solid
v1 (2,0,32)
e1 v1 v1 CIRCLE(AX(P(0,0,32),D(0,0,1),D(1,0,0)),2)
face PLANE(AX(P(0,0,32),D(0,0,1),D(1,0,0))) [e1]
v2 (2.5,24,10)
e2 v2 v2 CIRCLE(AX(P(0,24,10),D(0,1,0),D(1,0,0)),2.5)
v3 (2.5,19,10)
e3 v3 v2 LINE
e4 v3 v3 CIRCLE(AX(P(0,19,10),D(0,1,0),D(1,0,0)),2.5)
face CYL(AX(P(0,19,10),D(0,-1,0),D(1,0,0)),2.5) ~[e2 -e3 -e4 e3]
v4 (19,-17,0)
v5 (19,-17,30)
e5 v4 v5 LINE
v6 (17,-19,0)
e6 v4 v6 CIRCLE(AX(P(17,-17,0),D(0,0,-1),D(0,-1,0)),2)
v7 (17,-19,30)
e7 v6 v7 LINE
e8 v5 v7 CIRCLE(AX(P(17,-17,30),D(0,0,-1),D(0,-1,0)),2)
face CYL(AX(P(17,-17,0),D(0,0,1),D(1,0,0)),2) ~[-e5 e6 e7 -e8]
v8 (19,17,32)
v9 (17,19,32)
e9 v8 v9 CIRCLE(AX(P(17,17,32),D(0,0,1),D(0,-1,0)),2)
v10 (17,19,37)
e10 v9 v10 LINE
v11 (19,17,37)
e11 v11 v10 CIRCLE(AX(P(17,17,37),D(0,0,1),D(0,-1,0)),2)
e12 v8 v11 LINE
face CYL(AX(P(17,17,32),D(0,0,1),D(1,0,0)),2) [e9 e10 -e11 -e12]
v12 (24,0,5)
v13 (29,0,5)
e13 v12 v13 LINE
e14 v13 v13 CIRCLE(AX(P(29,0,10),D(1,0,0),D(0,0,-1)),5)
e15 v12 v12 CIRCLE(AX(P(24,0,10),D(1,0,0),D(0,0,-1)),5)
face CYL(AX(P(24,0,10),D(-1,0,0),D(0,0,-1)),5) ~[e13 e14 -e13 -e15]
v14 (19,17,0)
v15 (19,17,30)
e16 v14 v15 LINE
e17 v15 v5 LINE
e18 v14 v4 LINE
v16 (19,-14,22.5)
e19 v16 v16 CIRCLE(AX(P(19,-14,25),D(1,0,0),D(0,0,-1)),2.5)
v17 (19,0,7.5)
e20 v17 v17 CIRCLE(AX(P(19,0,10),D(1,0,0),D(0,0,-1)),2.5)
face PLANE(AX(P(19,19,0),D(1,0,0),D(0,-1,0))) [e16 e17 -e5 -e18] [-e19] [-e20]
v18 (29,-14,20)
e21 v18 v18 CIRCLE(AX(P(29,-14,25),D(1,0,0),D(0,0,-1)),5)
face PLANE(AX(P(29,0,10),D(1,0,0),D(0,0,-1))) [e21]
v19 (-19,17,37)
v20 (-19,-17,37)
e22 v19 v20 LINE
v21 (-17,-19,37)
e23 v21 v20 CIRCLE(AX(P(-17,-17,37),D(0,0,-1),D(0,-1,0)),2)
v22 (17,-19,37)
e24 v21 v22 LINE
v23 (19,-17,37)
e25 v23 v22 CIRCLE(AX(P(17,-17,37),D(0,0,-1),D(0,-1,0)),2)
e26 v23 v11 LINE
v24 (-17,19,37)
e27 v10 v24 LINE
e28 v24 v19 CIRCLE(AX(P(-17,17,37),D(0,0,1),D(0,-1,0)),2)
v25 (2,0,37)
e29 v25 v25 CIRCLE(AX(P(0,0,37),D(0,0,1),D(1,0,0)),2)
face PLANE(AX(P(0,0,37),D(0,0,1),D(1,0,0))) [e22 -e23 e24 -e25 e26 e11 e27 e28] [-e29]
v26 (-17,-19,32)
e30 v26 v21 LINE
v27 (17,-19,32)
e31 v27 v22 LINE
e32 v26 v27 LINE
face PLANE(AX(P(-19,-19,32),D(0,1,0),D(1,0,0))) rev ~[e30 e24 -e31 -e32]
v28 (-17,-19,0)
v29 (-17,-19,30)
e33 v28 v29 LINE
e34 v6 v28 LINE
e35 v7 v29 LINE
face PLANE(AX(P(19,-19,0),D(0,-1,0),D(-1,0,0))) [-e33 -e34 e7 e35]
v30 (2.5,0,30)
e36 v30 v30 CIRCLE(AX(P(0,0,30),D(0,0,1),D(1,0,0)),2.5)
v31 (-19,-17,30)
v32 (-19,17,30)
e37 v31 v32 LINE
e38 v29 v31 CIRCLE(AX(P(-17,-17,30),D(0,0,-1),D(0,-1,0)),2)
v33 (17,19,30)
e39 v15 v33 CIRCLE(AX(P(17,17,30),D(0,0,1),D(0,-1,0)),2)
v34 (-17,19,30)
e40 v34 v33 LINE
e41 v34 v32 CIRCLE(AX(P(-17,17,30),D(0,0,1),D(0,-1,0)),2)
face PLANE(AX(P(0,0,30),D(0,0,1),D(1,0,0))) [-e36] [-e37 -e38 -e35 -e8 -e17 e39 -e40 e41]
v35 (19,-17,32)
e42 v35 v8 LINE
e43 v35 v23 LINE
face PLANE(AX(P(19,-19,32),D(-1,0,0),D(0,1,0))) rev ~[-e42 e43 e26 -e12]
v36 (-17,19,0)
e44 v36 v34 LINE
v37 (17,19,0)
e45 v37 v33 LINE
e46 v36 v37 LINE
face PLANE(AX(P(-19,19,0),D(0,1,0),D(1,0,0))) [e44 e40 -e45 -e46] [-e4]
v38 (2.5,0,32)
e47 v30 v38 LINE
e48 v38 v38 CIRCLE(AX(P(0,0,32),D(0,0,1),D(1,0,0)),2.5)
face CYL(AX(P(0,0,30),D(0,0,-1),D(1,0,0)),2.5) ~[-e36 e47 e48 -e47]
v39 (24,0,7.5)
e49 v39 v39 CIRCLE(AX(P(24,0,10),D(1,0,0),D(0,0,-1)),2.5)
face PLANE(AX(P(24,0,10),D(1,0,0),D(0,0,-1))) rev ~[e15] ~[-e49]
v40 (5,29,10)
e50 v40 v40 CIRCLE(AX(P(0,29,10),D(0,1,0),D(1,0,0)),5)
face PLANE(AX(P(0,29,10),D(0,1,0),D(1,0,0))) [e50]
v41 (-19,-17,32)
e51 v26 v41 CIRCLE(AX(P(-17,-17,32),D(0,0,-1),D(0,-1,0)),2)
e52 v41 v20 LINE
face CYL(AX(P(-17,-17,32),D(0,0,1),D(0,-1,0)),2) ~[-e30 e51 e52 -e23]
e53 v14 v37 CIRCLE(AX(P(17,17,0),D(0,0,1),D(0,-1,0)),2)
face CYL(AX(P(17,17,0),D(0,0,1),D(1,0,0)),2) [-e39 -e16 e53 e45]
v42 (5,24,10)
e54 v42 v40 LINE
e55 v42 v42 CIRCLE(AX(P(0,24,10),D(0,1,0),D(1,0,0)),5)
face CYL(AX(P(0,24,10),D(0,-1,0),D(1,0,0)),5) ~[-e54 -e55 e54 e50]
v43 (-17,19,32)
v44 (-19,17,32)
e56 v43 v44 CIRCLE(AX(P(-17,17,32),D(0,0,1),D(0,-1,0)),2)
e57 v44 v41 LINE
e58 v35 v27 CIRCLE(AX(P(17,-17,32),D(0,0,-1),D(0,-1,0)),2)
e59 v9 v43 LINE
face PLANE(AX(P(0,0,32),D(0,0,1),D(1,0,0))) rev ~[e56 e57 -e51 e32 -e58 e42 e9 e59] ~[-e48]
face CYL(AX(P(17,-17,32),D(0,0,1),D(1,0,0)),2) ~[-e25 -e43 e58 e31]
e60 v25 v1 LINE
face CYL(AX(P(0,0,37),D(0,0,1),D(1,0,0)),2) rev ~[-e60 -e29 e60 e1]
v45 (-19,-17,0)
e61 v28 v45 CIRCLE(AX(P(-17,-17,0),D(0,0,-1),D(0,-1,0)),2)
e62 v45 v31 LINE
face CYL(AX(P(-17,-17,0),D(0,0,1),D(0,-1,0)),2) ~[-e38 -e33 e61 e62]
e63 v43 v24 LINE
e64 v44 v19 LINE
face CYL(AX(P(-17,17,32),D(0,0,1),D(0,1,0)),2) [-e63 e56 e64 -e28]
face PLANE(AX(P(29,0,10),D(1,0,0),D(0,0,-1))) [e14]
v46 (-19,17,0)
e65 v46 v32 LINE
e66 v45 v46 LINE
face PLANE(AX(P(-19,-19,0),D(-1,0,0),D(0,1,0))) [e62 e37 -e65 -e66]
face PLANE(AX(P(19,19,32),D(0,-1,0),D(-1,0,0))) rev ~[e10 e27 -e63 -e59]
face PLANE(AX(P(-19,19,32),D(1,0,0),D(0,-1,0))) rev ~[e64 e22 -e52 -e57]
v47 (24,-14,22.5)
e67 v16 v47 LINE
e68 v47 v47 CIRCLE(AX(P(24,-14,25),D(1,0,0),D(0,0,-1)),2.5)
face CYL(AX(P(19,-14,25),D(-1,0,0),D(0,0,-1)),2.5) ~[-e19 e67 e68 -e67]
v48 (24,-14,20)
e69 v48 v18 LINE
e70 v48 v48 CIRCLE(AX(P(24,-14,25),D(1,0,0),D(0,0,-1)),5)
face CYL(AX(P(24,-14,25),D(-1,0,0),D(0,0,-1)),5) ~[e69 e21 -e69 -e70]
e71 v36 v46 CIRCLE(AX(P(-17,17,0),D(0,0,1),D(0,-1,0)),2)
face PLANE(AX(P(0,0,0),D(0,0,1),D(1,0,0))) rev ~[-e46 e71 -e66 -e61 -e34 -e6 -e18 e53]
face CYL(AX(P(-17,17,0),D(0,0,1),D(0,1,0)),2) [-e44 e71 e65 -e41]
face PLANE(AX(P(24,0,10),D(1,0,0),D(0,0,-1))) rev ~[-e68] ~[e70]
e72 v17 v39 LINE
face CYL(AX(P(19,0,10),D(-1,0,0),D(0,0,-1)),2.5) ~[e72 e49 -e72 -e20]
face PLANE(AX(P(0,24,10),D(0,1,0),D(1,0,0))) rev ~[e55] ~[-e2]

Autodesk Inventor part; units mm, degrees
ref_plane "YZ Plane" through (0, 0, 0) normal (1, 0, 0) x (0, 1, 0)
ref_plane "XZ Plane" through (0, 0, 0) normal (0, 1, 0) x (-1, 0, 0)
ref_plane "XY Plane" through (0, 0, 0) normal (0, 0, 1) x (1, 0, 0)
sketch "Sketch1" plane through (0, 0, 0) normal (0, 0, 1) x (1, 0, 0)
  line L0 (19, -19) -> (-19, -19)
  line L1 (-19, -19) -> (-19, 19)
  line L2 (-19, 19) -> (19, 19)
  line L3 (19, 19) -> (19, -19)
  line L4 (19, -19) -> (-19, 19) construction
  line L5 (-19, -19) -> (19, 19) construction
  point P0 (0, 0)
  dimension "d0" = 38
  dimension "d1" = 38
extrude "Extrusion1" add sketch "Sketch1" along normal blind 30
sketch "Sketch2" plane through (0, 0, 30) normal (0, 0, 1) x (1, 0, 0)
  circle A0 centre (0, 0) radius 2.5
  dimension "d4" = 5
extrude "Extrusion2" add sketch "Sketch2" along normal blind 2
sketch "Sketch3" plane through (0, 0, 32) normal (0, 0, 1) x (1, 0, 0)
  line L0 (19, 19) -> (-19, 19) projected
  line L1 (-19, 19) -> (-19, -19) projected
  line L2 (-19, -19) -> (19, -19) projected
  line L3 (19, -19) -> (19, 19) projected
  point P0 (0, 0)
extrude "Extrusion3" add sketch "Sketch3" along normal blind 5
sketch "Sketch4" plane through (-19, 19, 0) normal (0, 1, 0) x (1, 0, 0)
  circle A0 centre (19, -10) radius 2.5
  point P0 (19, 0)
  dimension "d9" = 5
extrude "Extrusion4" add sketch "Sketch4" along normal blind 5
sketch "Sketch5" plane through (0, 24, 10) normal (0, 1, 0) x (1, 0, 0)
  circle A0 centre (0, 0) radius 5
  point P0 (0, 10)
  dimension "d12" = 10
extrude "Extrusion5" add sketch "Sketch5" along normal blind 5
sketch "Sketch6" plane through (19, -19, 0) normal (1, 0, 0) x (0, 0, -1)
  circle A0 centre (-10, 19) radius 2.5
  circle A1 centre (-25, 5) radius 2.5
  point P0 (0, 19)
  dimension "d15" = 5
  dimension "d16" = 5
extrude "Extrusion6" add sketch "Sketch6" along normal blind 5
sketch "Sketch7" plane through (24, 0, 10) normal (1, 0, 0) x (0, 0, -1)
  circle A0 centre (0, 0) radius 5
  circle A1 centre (-15, -14) radius 2.5 projected
  circle A2 centre (-15, -14) radius 5
  point P0 (10, 0)
  dimension "d19" = 10
  dimension "d20" = 10
extrude "Extrusion7" add sketch "Sketch7" along normal blind 5 contours A0 | A1 | A2
fillet "Fillet1" radius 2 8 edges at (19, 19, 15) (19, 19, 34.5) (19, -19, 15) (-19, 19, 15) (19, -19, 34.5) (-19, -19, 15) (-19, -19, 34.5) (-19, 19, 34.5)
sketch "Sketch8" plane through (0, 0, 37) normal (0, 0, 1) x (1, 0, 0)
  circle A0 centre (0, 0) radius 2
  dimension "d24" = 4
extrude "Extrusion8" cut sketch "Sketch8" against normal blind 5
properties part number "RadiantDyes-RD-PDT-S(appox)"
